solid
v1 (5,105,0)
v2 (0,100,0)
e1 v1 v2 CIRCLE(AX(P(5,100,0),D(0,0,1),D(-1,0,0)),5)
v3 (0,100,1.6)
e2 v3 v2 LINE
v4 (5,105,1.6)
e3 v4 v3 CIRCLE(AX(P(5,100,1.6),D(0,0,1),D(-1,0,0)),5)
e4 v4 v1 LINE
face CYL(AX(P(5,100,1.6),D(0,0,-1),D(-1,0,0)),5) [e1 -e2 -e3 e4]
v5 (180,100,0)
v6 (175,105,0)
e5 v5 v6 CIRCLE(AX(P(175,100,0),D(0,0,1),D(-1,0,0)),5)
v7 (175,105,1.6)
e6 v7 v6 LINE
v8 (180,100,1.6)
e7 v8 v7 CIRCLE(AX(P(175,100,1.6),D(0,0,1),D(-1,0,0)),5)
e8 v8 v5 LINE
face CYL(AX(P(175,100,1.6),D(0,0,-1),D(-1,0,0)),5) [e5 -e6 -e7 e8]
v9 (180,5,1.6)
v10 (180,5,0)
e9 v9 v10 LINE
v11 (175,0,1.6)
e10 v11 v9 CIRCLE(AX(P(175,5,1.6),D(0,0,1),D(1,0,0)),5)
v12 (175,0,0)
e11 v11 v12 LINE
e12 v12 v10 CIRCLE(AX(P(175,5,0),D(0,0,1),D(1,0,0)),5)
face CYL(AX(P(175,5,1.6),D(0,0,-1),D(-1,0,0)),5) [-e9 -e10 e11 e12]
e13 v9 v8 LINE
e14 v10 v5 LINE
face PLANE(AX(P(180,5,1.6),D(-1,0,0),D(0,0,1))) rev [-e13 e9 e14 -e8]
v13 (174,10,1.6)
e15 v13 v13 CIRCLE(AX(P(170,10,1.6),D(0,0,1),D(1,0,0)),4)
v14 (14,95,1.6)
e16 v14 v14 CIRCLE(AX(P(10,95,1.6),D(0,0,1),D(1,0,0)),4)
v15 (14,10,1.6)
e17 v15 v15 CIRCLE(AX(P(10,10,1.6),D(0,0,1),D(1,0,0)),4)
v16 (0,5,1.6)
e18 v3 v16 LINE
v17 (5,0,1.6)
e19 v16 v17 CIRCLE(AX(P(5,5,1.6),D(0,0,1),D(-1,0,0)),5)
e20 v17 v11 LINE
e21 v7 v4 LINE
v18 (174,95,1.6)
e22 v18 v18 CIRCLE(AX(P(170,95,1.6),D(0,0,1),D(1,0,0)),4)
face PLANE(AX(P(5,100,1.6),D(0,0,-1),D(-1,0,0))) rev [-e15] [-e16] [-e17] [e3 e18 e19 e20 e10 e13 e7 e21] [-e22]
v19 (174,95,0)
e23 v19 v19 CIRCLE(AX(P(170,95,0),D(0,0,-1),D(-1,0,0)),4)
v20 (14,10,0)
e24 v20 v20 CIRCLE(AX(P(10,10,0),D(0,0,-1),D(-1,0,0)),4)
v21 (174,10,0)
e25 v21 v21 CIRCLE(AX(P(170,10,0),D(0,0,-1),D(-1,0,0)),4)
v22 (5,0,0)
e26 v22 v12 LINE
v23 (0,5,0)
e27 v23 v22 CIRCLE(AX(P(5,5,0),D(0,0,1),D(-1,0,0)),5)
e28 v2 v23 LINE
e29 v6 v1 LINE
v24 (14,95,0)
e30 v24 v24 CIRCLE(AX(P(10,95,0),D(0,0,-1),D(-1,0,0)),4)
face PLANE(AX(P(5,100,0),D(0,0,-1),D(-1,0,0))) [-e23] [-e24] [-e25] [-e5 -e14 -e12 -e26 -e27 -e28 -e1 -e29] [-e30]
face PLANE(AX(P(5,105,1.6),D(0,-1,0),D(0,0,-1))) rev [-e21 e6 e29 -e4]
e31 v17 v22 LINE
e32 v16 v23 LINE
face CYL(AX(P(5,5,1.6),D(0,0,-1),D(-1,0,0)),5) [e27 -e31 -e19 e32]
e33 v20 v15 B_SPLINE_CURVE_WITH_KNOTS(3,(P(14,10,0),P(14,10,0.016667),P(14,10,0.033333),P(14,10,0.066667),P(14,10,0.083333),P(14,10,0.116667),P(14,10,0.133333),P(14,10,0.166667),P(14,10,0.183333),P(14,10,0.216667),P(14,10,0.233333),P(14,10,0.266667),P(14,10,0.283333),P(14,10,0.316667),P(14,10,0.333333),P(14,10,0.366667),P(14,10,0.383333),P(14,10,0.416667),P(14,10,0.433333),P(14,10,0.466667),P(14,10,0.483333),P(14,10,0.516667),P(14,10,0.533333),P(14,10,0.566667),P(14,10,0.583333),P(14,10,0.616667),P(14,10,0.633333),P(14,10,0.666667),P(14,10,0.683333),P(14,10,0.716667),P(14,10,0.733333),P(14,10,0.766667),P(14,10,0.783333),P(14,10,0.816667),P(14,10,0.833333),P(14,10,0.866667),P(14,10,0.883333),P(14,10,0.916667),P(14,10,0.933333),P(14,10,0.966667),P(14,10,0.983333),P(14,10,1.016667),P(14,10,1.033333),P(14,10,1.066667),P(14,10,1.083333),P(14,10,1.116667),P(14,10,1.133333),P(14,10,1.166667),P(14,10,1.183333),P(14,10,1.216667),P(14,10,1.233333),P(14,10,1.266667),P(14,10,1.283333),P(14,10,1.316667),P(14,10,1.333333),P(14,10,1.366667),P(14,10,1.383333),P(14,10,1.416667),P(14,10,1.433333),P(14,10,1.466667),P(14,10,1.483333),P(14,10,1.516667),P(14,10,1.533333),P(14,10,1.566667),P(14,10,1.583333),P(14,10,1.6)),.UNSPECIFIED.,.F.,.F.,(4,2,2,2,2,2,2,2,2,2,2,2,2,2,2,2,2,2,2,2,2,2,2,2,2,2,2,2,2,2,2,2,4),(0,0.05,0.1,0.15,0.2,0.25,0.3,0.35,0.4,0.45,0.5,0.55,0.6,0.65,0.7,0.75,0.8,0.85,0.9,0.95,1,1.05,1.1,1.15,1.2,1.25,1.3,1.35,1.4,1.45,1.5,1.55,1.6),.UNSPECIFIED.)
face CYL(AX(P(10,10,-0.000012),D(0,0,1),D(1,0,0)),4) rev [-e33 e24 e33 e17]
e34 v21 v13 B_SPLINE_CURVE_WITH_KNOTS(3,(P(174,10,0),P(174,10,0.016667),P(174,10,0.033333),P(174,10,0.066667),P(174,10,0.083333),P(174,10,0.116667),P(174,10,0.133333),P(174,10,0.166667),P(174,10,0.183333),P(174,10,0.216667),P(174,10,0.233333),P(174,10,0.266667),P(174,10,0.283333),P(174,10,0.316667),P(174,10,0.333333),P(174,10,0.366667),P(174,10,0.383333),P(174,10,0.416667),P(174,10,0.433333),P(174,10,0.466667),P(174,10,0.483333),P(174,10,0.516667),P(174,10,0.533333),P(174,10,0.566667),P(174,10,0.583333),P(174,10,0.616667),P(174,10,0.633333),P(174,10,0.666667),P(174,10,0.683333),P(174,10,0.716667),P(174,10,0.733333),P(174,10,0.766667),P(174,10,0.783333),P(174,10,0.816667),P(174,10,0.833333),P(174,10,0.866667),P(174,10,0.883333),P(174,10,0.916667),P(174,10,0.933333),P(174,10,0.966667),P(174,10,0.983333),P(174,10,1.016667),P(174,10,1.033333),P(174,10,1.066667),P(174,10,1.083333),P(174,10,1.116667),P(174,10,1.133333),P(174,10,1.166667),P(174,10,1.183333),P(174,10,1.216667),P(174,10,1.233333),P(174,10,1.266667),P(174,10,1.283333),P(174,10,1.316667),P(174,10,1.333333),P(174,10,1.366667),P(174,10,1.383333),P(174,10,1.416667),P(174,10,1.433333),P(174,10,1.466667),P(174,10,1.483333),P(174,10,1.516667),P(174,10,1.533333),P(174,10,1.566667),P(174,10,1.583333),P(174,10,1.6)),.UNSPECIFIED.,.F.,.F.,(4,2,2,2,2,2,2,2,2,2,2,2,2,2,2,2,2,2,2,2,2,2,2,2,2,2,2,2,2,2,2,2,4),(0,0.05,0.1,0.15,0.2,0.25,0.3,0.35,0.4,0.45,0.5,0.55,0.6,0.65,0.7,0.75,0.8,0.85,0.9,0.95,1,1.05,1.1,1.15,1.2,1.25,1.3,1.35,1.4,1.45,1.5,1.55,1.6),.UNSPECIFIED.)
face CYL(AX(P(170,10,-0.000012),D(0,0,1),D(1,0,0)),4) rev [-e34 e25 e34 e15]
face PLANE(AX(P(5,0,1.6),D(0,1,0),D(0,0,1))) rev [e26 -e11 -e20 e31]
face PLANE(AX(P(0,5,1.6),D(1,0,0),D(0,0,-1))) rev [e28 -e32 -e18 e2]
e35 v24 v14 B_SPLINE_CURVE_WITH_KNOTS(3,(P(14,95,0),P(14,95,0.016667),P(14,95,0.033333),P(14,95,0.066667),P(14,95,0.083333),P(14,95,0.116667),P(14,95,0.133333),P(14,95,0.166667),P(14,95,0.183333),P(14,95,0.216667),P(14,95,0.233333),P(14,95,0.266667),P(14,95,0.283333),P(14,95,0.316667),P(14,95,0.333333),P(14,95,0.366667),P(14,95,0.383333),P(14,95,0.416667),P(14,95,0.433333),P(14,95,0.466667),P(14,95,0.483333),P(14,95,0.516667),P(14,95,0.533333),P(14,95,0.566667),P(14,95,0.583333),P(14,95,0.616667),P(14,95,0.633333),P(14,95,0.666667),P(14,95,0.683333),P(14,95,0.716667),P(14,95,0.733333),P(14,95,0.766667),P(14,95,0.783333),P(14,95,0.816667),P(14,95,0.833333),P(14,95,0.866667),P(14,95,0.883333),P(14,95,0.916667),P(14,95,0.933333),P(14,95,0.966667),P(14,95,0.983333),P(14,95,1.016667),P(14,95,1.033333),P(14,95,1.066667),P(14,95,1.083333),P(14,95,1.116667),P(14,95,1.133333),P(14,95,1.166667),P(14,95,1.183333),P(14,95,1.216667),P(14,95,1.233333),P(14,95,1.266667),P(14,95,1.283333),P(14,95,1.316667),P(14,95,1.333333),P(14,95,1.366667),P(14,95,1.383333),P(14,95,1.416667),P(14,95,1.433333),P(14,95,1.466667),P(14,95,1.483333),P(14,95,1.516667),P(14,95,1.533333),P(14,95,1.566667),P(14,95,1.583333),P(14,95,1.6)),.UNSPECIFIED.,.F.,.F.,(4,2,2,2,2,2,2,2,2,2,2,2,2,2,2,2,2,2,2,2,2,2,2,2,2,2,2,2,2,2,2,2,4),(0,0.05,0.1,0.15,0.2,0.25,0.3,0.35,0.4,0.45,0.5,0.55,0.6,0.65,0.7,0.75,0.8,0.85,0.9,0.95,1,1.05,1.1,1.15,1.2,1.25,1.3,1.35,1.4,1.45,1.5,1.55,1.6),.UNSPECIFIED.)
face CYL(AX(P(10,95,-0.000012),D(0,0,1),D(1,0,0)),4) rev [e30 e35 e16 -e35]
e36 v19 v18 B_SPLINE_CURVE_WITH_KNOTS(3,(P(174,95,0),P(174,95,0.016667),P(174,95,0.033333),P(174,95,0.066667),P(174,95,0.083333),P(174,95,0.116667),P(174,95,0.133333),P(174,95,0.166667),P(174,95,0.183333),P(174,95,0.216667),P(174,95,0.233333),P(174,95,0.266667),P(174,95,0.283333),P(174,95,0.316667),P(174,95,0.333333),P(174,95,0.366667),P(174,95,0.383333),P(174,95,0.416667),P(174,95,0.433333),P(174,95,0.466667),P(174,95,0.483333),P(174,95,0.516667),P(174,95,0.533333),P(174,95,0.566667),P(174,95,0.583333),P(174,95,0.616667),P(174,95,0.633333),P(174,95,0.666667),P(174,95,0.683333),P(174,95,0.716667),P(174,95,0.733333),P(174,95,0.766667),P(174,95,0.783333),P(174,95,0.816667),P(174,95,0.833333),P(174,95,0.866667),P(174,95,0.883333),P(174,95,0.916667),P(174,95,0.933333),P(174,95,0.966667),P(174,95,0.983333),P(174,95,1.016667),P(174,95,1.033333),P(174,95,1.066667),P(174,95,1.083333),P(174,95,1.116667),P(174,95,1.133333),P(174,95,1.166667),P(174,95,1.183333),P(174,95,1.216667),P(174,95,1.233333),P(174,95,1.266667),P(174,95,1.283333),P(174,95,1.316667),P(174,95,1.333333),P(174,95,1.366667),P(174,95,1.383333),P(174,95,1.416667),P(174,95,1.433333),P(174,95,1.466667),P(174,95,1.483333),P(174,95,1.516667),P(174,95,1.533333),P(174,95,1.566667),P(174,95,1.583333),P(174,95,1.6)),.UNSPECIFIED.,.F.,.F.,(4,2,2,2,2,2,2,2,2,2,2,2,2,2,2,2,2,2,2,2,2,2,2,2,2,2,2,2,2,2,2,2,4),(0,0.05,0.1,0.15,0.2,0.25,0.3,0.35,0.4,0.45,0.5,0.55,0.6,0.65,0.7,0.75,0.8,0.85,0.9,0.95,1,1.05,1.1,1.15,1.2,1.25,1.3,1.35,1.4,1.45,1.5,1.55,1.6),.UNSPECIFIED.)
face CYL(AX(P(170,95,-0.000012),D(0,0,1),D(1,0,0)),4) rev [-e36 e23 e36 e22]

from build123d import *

# Parameters (mm, degrees)
EXTRUDE_1_DEPTH          = 1.6
CUT_EXTRUDE_1_DEPTH      = 209.392802179
CUT_EXTRUDE_1_DEPTH_BACK = 209.392802179
SKETCH_2_R               = 4


with BuildPart() as part:
    # ｽｹｯﾁ1 → ﾎﾞｽ - 押し出し1 (new body)
    with BuildSketch(Plane.XY):
        with BuildLine():
            Line((5, 0), (175, 0))
            ThreePointArc((175, 0), (178.535533906, 1.464466094), (180, 5))
            Line((180, 5), (180, 100))
            ThreePointArc((180, 100), (178.535533906, 103.535533906), (175, 105))
            Line((175, 105), (5, 105))
            ThreePointArc((5, 105), (1.464466094, 103.535533906), (0, 100))
            Line((0, 100), (0, 5))
            ThreePointArc((0, 5), (1.464466094, 1.464466094), (5, 0))
        make_face()
    extrude(amount=EXTRUDE_1_DEPTH)

    # ｽｹｯﾁ2 → ｶｯﾄ - 押し出し1 (cut, two sides: drawn at the far end of the back side and taken through both)
    with BuildSketch(Plane.XY.offset(-CUT_EXTRUDE_1_DEPTH_BACK)):
        with Locations((10, 10)):
            Circle(SKETCH_2_R)
        with Locations((10, 95)):
            Circle(SKETCH_2_R)
        with Locations((170, 10)):
            Circle(SKETCH_2_R)
        with Locations((170, 95)):
            Circle(SKETCH_2_R)
    extrude(amount=CUT_EXTRUDE_1_DEPTH + CUT_EXTRUDE_1_DEPTH_BACK, mode=Mode.SUBTRACT)


solid = part.part
